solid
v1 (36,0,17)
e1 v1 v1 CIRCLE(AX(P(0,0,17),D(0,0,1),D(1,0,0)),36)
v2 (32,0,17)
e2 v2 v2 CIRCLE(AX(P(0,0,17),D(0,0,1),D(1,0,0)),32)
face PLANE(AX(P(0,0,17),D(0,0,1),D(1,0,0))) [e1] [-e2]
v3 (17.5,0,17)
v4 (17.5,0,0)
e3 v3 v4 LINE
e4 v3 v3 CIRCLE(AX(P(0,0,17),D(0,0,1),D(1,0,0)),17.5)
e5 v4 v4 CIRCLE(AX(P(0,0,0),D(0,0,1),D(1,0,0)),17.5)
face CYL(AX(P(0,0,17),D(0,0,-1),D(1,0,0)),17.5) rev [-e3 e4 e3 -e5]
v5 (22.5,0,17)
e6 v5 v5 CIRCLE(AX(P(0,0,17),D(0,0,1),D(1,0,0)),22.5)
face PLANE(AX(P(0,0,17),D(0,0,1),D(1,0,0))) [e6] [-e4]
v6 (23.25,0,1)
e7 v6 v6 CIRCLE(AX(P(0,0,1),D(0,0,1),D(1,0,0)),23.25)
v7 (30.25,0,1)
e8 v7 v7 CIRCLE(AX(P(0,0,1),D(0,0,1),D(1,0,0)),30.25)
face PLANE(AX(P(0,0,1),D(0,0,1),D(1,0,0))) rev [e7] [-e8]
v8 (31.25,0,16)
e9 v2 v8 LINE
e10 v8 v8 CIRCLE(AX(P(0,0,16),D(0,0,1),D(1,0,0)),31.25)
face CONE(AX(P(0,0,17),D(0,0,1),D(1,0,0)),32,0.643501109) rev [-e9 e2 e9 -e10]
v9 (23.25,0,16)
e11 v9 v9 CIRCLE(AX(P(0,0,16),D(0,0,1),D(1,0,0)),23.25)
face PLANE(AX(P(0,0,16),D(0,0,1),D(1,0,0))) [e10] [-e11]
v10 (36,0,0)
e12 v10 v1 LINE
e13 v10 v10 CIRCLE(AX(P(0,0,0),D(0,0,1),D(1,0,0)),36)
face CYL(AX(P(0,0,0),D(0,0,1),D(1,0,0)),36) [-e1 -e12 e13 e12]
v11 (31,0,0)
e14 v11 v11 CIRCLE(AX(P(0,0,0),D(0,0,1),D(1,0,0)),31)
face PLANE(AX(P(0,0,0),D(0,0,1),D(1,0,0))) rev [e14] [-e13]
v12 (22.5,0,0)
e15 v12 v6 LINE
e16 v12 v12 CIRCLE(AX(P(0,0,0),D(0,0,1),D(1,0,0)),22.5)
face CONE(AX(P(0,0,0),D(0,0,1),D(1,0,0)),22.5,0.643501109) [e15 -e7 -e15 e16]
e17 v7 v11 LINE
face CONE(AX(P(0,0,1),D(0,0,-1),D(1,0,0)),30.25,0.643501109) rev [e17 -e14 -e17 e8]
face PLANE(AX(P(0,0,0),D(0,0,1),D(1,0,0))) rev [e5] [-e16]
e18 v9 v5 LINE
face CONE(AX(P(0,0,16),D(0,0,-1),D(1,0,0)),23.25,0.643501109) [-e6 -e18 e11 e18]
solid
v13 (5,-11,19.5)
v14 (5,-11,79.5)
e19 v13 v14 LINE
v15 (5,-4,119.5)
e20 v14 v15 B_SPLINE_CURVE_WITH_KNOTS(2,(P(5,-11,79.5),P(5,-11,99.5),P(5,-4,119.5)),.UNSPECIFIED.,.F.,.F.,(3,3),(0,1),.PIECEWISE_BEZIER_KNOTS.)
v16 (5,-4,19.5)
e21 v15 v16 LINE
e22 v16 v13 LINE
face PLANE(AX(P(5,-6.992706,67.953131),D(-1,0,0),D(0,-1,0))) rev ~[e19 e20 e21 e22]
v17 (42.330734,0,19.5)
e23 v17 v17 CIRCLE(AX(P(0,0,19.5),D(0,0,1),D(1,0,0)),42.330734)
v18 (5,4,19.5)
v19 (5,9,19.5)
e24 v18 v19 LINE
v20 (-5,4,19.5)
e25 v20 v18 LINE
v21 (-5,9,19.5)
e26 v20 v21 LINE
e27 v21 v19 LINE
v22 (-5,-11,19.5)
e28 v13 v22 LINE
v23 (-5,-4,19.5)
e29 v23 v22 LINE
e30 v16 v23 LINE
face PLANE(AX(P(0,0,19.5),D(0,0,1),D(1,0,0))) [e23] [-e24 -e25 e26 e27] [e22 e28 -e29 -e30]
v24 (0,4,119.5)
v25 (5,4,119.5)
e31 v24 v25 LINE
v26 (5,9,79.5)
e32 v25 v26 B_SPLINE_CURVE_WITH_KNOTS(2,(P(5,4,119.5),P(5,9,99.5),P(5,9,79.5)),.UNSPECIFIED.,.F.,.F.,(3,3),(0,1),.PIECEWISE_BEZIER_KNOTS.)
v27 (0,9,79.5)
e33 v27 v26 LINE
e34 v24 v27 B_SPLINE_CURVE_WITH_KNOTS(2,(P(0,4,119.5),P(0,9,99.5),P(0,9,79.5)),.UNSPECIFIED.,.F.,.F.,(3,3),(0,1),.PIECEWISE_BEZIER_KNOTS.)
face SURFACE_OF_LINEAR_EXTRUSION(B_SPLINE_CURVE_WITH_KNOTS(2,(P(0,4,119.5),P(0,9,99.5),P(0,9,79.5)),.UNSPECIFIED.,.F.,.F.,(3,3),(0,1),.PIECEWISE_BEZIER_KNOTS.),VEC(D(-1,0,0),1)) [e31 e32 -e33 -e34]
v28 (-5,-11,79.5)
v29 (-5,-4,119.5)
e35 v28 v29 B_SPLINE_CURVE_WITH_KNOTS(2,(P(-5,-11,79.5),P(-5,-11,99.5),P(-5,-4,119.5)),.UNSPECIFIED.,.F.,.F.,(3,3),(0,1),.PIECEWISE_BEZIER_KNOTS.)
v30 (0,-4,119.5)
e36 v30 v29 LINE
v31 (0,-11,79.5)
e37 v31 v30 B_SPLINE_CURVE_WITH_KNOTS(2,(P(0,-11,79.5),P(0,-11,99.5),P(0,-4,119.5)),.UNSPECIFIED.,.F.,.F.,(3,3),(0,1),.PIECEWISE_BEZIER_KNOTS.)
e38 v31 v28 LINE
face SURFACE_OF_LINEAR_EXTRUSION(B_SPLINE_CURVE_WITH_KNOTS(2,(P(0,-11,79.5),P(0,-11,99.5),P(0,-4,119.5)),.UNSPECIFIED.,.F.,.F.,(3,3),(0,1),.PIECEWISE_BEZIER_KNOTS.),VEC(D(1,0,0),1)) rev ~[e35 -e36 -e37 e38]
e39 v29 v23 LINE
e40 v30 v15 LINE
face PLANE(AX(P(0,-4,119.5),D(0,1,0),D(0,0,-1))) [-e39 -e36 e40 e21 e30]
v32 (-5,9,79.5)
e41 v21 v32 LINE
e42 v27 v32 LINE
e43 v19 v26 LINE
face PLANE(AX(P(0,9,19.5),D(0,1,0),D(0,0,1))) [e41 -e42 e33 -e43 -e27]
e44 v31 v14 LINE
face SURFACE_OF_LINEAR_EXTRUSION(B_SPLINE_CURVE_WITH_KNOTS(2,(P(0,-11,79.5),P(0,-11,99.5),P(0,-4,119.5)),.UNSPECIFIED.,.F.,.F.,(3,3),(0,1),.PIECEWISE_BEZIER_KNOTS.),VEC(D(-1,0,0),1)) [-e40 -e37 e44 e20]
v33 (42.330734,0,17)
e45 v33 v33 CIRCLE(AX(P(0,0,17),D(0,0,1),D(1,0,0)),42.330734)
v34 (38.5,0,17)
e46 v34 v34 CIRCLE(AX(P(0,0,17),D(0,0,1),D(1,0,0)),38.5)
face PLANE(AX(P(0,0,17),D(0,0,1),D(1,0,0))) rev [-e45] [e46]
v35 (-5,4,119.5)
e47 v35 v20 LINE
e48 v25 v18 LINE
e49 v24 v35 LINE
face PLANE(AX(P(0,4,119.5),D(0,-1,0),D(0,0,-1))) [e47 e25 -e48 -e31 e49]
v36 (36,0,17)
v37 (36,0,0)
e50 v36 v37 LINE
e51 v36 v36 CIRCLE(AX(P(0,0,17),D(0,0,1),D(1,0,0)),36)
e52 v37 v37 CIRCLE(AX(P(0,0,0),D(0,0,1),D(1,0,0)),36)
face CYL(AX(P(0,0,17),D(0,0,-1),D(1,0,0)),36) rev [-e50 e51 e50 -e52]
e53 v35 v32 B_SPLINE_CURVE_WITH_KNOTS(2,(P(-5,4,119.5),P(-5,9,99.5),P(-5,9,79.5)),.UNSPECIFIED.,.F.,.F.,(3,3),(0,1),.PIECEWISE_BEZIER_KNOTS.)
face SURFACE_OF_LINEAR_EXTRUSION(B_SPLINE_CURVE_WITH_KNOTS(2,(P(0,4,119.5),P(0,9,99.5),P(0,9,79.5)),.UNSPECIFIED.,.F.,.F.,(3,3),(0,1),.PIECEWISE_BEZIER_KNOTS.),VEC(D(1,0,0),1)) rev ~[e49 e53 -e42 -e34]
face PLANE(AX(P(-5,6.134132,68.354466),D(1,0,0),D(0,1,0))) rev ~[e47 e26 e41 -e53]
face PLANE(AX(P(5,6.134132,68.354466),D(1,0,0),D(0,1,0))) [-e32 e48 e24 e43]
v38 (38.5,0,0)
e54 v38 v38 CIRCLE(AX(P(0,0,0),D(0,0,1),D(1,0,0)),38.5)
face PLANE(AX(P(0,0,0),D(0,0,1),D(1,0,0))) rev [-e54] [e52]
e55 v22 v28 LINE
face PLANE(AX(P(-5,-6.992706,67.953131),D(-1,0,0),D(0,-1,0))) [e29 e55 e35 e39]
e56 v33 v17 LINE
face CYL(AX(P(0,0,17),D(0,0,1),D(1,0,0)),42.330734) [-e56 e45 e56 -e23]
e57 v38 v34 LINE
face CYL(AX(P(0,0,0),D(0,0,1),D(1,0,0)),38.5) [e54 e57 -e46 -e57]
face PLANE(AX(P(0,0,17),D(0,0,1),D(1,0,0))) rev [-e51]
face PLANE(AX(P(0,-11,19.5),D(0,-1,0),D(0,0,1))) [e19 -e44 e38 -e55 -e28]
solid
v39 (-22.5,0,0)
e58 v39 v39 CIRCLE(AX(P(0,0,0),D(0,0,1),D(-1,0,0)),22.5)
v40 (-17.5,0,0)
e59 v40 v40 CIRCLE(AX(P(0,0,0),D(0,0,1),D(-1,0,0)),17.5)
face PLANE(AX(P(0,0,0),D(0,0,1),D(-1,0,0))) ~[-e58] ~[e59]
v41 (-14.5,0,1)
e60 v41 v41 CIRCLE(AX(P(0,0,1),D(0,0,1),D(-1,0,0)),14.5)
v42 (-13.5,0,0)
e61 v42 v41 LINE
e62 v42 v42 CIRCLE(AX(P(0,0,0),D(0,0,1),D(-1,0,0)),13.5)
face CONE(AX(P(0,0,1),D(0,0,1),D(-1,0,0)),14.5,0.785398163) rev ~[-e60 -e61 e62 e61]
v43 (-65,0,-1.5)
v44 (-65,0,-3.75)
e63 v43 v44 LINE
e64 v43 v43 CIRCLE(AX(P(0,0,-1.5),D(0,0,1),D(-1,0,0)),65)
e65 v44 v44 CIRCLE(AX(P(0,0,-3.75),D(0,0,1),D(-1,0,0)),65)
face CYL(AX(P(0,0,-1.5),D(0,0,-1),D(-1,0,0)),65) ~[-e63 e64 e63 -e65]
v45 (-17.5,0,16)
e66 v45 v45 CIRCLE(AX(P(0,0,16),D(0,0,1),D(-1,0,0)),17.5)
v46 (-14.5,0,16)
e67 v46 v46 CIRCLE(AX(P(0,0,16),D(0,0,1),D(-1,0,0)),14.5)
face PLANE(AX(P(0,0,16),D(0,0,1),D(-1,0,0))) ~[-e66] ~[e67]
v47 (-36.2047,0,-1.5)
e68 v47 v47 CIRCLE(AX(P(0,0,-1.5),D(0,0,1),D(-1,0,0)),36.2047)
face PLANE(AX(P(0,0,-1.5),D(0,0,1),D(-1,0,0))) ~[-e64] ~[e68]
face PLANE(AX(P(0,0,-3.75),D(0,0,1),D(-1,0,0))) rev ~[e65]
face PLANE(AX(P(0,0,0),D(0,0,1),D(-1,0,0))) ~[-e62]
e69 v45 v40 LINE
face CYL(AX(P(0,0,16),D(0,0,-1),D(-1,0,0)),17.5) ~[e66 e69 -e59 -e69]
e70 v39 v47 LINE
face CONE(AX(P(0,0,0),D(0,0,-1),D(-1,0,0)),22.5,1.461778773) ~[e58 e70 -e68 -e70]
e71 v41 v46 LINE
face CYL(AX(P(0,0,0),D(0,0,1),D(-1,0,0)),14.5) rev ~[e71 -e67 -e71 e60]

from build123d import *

# Parameters (mm, degrees)
CHAMFER001_SIZE = 1
PAD_DEPTH       = 5


with BuildPart() as body001:
    # Sketch010 (on XZ_Plane001 of Origin002) → Revolution (revolve)
    with BuildSketch(Plane.XZ):
        Polygon((17.5, 17), (17.5, 0), (22.5, 0), (23.25, 1), (30.25, 1), (31, 0), (36, 0), (36, 17), (32, 17), (31.25, 16), (23.25, 16), (22.5, 17), align=None)
    revolve(axis=Axis((0, 0, 0), (0, 0, 1)))


with BuildPart() as body002:
    # Sketch008 (on XZ_Plane002 of Origin004) → Revolution002 (revolve)
    with BuildSketch(Plane.XZ):
        Polygon((0, 0), (-14.5, 0), (-14.5, 16), (-17.5, 16), (-17.5, 0), (-22.5, 0), (-22.5, -2.5), (0, -2.5), align=None)
    revolve(axis=Axis((0, 0, 0), (0, 0, 1)))

    # Chamfer001
    chamfer001_edges = [body002.edges().sort_by_distance(p)[0] for p in [
        (14.5, 0, 0),
    ]]
    chamfer(chamfer001_edges, length=CHAMFER001_SIZE)

    # Sketch009 (on XZ_Plane002 of Origin004) → Revolution003 (revolve)
    with BuildSketch(Plane.XZ):
        Polygon((-22.5, 0), (-36.2047, -1.5), (-65, -1.5), (-65, -3.75), (0, -3.75), (0, -2.5), (-22.5, -2.5), align=None)
    revolve(axis=Axis((0, 0, 0), (0, 0, 1)))


with BuildPart() as body:
    # Sketch (on XZ_Plane of Origin) → Revolution004 (revolve)
    with BuildSketch(Plane.XZ):
        Polygon((36, 17), (36, 0), (38.5, 0), (38.5, 17), (42.330734, 17), (42.330734, 19.5), (0, 19.5), (0, 17), align=None)
    revolve(axis=Axis((0, 0, 0), (0, 0, 1)))

    # Sketch011 (on YZ_Plane of Origin) → Pad (new body, symmetric)
    with BuildSketch(Plane.YZ):
        with BuildLine():
            Line((-4, 119.5), (-4, 19.5))
            Line((-4, 19.5), (-11, 19.5))
            Line((-11, 19.5), (-11, 79.5))
            add(Edge.make_bspline(
                [(-11, 79.5), (-11, 99.5), (-4, 119.5)],
                knots=[0, 0, 0, 1, 1, 1], degree=2))
        make_face()
        with BuildLine():
            Line((4, 119.5), (4, 19.5))
            Line((4, 19.5), (9, 19.5))
            Line((9, 19.5), (9, 79.5))
            add(Edge.make_bspline(
                [(4, 119.5), (9, 99.5), (9, 79.5)],
                knots=[0, 0, 0, 1, 1, 1], degree=2))
        make_face()
    extrude(amount=PAD_DEPTH, both=True)


solid = Compound([body001.part, body002.part, body.part])
